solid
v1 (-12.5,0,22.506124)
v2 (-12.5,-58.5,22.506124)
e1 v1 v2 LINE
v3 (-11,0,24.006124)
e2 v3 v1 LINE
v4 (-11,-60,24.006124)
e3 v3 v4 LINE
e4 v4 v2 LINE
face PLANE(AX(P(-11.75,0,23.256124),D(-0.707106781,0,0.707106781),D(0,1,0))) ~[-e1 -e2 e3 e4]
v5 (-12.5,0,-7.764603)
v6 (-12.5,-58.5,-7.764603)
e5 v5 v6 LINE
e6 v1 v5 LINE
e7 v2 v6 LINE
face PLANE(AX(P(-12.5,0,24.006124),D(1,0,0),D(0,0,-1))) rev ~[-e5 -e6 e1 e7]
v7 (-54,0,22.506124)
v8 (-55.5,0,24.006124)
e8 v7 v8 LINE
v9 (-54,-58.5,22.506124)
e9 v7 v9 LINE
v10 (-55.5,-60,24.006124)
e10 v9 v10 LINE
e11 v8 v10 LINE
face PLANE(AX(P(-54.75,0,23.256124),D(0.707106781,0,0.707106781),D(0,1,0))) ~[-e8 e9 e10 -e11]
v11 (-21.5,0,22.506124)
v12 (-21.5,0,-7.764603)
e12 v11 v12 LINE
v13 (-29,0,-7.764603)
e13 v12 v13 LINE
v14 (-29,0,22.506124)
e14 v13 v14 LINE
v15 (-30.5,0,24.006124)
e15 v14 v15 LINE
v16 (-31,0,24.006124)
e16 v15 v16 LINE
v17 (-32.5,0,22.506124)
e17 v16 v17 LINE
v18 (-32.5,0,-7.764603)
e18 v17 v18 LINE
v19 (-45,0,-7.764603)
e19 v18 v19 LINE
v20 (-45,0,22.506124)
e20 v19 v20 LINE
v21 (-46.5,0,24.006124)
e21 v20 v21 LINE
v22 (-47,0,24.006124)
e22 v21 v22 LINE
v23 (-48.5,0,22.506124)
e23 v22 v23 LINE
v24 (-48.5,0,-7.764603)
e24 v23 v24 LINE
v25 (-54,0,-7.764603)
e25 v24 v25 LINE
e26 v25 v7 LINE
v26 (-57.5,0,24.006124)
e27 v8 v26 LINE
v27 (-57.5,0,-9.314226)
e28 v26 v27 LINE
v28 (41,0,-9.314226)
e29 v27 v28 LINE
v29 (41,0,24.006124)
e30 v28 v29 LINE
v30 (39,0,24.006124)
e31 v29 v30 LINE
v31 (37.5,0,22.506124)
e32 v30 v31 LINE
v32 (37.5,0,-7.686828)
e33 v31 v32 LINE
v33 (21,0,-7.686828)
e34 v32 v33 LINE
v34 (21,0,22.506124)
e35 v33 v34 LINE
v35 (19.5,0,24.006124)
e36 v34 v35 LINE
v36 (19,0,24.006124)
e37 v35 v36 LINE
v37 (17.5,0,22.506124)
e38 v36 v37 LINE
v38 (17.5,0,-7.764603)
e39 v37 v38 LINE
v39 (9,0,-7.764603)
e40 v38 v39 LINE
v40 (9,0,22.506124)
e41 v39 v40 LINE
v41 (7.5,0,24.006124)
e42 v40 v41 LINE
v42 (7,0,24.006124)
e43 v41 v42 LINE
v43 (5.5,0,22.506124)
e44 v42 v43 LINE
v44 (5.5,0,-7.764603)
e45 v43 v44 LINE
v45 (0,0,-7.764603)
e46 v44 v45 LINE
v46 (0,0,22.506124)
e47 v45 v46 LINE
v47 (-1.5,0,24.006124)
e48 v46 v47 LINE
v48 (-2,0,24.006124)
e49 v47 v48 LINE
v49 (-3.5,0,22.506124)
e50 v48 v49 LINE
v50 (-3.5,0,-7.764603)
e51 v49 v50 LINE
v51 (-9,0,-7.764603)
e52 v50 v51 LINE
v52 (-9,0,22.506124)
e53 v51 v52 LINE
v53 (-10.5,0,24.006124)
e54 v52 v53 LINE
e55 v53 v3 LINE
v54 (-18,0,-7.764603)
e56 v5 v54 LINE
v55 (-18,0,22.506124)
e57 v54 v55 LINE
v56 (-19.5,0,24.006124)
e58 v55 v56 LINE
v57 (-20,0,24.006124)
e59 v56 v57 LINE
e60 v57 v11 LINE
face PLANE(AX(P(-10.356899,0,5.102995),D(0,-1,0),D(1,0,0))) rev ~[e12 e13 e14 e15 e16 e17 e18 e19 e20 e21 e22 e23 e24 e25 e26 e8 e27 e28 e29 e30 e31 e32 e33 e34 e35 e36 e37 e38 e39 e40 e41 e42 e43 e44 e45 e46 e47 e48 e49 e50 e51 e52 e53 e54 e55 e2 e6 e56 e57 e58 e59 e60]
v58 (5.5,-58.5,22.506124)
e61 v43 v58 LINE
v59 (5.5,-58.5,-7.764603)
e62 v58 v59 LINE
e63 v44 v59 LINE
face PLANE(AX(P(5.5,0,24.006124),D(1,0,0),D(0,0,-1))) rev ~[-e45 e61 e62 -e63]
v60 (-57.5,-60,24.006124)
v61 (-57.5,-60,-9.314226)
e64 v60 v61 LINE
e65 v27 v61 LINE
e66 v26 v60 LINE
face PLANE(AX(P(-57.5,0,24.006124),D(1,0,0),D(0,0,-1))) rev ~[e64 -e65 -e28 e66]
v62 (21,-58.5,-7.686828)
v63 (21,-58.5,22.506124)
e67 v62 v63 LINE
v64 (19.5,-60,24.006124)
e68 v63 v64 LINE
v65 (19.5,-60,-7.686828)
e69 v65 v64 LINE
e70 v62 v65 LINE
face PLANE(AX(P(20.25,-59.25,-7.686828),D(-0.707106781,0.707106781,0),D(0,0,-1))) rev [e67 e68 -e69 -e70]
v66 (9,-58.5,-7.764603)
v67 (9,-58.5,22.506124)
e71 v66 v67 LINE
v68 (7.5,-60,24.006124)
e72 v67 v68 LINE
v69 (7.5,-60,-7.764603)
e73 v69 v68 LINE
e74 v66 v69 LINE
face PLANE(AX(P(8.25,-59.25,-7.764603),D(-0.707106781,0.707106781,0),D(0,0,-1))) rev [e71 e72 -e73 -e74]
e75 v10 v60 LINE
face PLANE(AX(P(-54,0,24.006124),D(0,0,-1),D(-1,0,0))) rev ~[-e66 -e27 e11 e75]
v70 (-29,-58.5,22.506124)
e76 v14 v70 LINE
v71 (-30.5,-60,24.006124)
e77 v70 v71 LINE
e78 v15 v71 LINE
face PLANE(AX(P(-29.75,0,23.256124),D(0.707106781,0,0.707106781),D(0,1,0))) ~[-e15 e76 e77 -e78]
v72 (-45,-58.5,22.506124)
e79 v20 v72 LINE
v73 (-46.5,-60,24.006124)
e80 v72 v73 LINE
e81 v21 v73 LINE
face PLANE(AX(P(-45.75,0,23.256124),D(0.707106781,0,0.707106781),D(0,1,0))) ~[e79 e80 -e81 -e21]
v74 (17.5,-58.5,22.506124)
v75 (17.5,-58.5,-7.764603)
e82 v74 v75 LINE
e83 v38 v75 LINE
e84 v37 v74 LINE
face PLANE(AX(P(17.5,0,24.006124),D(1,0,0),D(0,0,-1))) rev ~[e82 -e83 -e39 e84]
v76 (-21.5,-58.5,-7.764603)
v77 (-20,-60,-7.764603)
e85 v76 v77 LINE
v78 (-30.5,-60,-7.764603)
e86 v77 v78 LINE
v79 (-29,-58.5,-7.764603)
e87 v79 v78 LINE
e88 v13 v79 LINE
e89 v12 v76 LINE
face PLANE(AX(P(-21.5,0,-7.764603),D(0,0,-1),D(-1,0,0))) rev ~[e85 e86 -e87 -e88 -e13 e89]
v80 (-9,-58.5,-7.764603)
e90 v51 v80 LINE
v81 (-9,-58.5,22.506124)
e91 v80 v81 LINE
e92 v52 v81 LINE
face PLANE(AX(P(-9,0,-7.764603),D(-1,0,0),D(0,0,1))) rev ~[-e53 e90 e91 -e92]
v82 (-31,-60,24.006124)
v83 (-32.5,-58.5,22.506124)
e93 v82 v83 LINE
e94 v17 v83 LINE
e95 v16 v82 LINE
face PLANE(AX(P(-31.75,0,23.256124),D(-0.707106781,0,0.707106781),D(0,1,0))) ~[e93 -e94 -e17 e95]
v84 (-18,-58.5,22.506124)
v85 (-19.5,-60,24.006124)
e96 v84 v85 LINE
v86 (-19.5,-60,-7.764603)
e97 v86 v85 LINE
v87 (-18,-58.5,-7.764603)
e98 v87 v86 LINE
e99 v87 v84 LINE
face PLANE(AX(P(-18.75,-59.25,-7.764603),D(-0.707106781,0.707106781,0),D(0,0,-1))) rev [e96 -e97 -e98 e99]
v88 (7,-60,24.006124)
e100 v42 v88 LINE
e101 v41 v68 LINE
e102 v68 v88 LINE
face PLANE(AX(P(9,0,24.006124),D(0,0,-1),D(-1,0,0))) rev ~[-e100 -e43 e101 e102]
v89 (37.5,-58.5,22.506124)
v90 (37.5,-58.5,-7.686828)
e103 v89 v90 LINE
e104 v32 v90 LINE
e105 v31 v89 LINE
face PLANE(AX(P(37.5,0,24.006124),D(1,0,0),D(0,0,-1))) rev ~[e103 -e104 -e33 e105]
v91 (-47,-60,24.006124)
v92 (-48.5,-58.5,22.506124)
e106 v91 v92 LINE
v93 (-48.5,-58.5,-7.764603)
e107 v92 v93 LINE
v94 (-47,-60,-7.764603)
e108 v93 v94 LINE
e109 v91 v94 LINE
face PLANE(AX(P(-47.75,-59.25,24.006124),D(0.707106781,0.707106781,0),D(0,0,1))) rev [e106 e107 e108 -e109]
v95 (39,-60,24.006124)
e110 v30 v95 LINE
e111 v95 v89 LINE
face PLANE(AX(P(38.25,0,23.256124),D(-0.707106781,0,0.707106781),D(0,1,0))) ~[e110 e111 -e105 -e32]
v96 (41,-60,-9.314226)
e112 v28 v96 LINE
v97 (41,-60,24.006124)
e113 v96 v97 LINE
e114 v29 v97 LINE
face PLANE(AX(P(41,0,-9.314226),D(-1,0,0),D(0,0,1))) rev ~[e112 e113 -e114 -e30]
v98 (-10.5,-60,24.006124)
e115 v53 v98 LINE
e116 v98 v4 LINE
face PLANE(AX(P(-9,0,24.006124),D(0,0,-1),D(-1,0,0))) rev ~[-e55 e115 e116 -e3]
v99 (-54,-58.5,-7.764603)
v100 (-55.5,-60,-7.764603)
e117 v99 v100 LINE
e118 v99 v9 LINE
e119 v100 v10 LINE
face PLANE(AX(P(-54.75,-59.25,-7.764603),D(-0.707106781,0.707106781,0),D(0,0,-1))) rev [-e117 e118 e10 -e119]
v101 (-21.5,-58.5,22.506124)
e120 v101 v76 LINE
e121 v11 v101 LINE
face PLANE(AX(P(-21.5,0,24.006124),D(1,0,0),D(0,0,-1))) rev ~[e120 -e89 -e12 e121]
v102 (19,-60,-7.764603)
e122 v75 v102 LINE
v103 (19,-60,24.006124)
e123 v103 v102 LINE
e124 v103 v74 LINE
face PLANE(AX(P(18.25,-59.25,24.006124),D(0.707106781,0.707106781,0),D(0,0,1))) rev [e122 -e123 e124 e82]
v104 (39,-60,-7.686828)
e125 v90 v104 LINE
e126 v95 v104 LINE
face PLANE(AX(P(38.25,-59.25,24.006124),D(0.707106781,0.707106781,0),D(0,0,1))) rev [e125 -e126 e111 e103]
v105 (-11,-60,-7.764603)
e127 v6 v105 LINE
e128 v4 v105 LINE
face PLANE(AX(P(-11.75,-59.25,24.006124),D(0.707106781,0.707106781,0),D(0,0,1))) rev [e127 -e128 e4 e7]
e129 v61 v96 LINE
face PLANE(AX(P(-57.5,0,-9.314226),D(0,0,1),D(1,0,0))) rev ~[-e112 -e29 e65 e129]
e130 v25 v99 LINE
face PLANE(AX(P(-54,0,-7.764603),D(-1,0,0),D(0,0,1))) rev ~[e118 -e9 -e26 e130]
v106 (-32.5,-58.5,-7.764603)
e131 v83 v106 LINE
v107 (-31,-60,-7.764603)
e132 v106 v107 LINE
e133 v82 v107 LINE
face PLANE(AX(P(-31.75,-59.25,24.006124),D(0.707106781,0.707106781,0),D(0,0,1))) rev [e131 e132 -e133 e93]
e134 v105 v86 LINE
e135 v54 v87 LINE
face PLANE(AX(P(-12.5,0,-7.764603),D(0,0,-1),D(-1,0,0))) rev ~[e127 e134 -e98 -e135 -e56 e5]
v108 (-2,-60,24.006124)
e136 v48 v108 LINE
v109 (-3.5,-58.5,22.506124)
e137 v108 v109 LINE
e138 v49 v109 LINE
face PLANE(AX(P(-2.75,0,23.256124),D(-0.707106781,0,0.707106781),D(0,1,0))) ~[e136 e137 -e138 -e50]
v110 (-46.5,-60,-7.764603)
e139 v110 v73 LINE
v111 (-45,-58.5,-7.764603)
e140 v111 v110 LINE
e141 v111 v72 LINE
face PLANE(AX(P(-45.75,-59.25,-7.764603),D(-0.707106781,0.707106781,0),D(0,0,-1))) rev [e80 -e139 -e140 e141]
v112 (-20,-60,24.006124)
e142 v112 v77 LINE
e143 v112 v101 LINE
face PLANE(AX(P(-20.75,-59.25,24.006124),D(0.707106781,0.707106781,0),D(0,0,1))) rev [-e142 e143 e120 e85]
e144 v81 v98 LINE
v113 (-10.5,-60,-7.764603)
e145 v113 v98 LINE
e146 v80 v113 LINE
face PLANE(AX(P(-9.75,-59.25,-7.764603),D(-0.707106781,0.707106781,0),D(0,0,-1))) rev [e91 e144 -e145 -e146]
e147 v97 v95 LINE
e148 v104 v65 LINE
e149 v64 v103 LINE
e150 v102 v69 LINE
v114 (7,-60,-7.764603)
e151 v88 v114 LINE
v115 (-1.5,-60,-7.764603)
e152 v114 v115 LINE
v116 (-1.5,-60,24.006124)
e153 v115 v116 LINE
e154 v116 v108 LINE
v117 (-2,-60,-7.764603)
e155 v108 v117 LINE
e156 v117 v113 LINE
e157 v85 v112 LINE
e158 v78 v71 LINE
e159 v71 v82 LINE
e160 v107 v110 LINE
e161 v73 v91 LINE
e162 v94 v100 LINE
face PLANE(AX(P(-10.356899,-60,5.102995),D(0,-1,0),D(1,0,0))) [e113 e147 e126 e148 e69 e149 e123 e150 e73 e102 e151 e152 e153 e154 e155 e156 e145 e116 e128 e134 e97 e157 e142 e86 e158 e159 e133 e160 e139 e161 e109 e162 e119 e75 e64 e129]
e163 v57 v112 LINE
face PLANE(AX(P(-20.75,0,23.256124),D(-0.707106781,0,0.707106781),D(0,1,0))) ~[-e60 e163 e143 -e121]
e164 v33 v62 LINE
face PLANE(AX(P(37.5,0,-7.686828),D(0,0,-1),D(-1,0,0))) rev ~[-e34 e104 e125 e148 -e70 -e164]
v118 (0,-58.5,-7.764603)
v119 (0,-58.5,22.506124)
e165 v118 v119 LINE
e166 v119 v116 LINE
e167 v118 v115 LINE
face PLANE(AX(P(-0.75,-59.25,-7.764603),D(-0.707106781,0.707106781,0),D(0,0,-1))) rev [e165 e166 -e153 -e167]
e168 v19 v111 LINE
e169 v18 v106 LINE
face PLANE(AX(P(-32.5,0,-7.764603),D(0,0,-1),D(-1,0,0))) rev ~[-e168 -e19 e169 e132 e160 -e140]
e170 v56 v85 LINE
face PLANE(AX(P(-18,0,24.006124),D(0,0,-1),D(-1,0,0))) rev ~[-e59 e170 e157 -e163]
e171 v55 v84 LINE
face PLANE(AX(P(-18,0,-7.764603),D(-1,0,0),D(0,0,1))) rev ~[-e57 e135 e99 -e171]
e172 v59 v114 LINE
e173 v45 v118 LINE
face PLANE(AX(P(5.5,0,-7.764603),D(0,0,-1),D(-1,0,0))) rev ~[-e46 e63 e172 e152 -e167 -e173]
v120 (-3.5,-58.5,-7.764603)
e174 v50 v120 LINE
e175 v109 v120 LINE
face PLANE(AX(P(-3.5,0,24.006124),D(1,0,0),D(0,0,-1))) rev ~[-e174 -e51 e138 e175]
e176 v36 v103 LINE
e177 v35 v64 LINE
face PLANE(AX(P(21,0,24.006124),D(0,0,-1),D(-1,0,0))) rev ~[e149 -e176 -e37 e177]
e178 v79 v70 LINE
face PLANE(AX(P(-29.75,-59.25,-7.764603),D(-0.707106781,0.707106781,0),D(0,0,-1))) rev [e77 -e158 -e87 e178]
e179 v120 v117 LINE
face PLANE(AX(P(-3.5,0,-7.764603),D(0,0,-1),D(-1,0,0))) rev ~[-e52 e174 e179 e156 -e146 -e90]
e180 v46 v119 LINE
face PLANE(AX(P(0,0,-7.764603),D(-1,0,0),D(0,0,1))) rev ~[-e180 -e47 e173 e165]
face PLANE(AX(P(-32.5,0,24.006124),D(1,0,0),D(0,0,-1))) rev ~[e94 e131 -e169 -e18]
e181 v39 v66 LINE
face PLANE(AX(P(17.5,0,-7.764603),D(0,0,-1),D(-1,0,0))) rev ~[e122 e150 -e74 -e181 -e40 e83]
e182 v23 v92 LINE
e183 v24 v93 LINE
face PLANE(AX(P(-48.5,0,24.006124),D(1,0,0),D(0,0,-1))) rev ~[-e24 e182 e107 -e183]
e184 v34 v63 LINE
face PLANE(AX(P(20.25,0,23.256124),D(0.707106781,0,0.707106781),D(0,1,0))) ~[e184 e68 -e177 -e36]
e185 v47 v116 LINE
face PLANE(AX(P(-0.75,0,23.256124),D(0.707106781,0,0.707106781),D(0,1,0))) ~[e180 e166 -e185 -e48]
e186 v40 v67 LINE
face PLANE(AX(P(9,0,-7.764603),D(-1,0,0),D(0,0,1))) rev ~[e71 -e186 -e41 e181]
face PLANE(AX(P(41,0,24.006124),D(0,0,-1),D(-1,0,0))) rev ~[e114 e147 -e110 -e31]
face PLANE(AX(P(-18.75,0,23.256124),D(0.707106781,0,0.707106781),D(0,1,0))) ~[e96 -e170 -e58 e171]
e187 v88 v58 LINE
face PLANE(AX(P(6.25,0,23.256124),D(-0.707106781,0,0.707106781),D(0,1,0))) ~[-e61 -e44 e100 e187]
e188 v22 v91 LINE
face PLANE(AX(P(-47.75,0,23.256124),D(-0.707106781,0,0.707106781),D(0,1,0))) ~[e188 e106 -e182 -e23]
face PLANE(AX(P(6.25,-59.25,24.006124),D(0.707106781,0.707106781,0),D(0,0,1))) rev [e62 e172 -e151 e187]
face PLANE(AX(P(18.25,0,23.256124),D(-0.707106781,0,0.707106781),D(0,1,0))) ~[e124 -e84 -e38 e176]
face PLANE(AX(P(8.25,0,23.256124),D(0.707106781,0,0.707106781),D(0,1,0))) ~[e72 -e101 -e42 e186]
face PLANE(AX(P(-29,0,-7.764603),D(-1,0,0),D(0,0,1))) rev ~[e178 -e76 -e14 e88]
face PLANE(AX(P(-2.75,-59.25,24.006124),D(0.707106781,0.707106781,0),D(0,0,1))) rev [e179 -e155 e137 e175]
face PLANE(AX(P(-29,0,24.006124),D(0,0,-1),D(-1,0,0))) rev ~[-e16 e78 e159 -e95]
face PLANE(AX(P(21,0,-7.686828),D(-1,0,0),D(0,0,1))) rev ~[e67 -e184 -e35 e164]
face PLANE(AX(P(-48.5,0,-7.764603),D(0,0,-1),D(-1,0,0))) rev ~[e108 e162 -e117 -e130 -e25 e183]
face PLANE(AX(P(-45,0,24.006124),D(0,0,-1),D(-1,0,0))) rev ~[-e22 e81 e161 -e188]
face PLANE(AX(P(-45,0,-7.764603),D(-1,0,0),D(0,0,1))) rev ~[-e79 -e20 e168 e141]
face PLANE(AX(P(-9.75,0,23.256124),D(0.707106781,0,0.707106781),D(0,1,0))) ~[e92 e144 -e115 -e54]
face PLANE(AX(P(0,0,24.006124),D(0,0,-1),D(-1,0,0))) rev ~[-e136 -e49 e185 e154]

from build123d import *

# Parameters (mm, degrees)
F1_DEPTH = 60
F2_SIZE  = 1.5


with BuildPart() as f1:
    # F0 (on Front) → F1 (new body)
    with BuildSketch(Plane.XZ):
        Polygon((-57.5, 24.006124), (-57.5, -9.314226), (41, -9.314226), (41, 24.006124), (37.5, 24.006124), (37.5, -7.686828), (21, -7.686828), (21, 24.006124), (17.5, 24.006124), (17.5, -7.764603), (9, -7.764603), (9, 24.006124), (5.5, 24.006124), (5.5, -7.764603), (0, -7.764603), (0, 24.006124), (-3.5, 24.006124), (-3.5, -7.764603), (-9, -7.764603), (-9, 24.006124), (-12.5, 24.006124), (-12.5, -7.764603), (-18, -7.764603), (-18, 24.006124), (-21.5, 24.006124), (-21.5, -7.764603), (-29, -7.764603), (-29, 24.006124), (-32.5, 24.006124), (-32.5, -7.764603), (-45, -7.764603), (-45, 24.006124), (-48.5, 24.006124), (-48.5, -7.764603), (-54, -7.764603), (-54, 24.006124), align=None)
    extrude(amount=F1_DEPTH)

    # F2
    f2_edges = [f1.edges().sort_by_distance(p)[0] for p in [
        (37.5, -30, 24.006124),
        (21, -30, 24.006124),
        (17.5, -30, 24.006124),
        (9, -30, 24.006124),
        (5.5, -30, 24.006124),
        (0, -30, 24.006124),
        (-3.5, -30, 24.006124),
        (-9, -30, 24.006124),
        (-12.5, -30, 24.006124),
        (-18, -30, 24.006124),
        (-21.5, -30, 24.006124),
        (-29, -30, 24.006124),
        (-32.5, -30, 24.006124),
        (-45, -30, 24.006124),
        (-48.5, -30, 24.006124),
        (-54, -30, 24.006124),
        (9, -60, 8.120761),
        (5.5, -60, 8.120761),
        (37.5, -60, 8.159648),
        (21, -60, 8.159648),
        (17.5, -60, 8.120761),
        (0, -60, 8.120761),
        (-3.5, -60, 8.120761),
        (-12.5, -60, 8.120761),
        (-18, -60, 8.120761),
        (-21.5, -60, 8.120761),
        (-29, -60, 8.120761),
        (-32.5, -60, 8.120761),
        (-45, -60, 8.120761),
        (-48.5, -60, 8.120761),
        (-54, -60, 8.120761),
        (-9, -60, 8.120761),
    ]]
    chamfer(f2_edges, length=F2_SIZE)


solid = f1.part
